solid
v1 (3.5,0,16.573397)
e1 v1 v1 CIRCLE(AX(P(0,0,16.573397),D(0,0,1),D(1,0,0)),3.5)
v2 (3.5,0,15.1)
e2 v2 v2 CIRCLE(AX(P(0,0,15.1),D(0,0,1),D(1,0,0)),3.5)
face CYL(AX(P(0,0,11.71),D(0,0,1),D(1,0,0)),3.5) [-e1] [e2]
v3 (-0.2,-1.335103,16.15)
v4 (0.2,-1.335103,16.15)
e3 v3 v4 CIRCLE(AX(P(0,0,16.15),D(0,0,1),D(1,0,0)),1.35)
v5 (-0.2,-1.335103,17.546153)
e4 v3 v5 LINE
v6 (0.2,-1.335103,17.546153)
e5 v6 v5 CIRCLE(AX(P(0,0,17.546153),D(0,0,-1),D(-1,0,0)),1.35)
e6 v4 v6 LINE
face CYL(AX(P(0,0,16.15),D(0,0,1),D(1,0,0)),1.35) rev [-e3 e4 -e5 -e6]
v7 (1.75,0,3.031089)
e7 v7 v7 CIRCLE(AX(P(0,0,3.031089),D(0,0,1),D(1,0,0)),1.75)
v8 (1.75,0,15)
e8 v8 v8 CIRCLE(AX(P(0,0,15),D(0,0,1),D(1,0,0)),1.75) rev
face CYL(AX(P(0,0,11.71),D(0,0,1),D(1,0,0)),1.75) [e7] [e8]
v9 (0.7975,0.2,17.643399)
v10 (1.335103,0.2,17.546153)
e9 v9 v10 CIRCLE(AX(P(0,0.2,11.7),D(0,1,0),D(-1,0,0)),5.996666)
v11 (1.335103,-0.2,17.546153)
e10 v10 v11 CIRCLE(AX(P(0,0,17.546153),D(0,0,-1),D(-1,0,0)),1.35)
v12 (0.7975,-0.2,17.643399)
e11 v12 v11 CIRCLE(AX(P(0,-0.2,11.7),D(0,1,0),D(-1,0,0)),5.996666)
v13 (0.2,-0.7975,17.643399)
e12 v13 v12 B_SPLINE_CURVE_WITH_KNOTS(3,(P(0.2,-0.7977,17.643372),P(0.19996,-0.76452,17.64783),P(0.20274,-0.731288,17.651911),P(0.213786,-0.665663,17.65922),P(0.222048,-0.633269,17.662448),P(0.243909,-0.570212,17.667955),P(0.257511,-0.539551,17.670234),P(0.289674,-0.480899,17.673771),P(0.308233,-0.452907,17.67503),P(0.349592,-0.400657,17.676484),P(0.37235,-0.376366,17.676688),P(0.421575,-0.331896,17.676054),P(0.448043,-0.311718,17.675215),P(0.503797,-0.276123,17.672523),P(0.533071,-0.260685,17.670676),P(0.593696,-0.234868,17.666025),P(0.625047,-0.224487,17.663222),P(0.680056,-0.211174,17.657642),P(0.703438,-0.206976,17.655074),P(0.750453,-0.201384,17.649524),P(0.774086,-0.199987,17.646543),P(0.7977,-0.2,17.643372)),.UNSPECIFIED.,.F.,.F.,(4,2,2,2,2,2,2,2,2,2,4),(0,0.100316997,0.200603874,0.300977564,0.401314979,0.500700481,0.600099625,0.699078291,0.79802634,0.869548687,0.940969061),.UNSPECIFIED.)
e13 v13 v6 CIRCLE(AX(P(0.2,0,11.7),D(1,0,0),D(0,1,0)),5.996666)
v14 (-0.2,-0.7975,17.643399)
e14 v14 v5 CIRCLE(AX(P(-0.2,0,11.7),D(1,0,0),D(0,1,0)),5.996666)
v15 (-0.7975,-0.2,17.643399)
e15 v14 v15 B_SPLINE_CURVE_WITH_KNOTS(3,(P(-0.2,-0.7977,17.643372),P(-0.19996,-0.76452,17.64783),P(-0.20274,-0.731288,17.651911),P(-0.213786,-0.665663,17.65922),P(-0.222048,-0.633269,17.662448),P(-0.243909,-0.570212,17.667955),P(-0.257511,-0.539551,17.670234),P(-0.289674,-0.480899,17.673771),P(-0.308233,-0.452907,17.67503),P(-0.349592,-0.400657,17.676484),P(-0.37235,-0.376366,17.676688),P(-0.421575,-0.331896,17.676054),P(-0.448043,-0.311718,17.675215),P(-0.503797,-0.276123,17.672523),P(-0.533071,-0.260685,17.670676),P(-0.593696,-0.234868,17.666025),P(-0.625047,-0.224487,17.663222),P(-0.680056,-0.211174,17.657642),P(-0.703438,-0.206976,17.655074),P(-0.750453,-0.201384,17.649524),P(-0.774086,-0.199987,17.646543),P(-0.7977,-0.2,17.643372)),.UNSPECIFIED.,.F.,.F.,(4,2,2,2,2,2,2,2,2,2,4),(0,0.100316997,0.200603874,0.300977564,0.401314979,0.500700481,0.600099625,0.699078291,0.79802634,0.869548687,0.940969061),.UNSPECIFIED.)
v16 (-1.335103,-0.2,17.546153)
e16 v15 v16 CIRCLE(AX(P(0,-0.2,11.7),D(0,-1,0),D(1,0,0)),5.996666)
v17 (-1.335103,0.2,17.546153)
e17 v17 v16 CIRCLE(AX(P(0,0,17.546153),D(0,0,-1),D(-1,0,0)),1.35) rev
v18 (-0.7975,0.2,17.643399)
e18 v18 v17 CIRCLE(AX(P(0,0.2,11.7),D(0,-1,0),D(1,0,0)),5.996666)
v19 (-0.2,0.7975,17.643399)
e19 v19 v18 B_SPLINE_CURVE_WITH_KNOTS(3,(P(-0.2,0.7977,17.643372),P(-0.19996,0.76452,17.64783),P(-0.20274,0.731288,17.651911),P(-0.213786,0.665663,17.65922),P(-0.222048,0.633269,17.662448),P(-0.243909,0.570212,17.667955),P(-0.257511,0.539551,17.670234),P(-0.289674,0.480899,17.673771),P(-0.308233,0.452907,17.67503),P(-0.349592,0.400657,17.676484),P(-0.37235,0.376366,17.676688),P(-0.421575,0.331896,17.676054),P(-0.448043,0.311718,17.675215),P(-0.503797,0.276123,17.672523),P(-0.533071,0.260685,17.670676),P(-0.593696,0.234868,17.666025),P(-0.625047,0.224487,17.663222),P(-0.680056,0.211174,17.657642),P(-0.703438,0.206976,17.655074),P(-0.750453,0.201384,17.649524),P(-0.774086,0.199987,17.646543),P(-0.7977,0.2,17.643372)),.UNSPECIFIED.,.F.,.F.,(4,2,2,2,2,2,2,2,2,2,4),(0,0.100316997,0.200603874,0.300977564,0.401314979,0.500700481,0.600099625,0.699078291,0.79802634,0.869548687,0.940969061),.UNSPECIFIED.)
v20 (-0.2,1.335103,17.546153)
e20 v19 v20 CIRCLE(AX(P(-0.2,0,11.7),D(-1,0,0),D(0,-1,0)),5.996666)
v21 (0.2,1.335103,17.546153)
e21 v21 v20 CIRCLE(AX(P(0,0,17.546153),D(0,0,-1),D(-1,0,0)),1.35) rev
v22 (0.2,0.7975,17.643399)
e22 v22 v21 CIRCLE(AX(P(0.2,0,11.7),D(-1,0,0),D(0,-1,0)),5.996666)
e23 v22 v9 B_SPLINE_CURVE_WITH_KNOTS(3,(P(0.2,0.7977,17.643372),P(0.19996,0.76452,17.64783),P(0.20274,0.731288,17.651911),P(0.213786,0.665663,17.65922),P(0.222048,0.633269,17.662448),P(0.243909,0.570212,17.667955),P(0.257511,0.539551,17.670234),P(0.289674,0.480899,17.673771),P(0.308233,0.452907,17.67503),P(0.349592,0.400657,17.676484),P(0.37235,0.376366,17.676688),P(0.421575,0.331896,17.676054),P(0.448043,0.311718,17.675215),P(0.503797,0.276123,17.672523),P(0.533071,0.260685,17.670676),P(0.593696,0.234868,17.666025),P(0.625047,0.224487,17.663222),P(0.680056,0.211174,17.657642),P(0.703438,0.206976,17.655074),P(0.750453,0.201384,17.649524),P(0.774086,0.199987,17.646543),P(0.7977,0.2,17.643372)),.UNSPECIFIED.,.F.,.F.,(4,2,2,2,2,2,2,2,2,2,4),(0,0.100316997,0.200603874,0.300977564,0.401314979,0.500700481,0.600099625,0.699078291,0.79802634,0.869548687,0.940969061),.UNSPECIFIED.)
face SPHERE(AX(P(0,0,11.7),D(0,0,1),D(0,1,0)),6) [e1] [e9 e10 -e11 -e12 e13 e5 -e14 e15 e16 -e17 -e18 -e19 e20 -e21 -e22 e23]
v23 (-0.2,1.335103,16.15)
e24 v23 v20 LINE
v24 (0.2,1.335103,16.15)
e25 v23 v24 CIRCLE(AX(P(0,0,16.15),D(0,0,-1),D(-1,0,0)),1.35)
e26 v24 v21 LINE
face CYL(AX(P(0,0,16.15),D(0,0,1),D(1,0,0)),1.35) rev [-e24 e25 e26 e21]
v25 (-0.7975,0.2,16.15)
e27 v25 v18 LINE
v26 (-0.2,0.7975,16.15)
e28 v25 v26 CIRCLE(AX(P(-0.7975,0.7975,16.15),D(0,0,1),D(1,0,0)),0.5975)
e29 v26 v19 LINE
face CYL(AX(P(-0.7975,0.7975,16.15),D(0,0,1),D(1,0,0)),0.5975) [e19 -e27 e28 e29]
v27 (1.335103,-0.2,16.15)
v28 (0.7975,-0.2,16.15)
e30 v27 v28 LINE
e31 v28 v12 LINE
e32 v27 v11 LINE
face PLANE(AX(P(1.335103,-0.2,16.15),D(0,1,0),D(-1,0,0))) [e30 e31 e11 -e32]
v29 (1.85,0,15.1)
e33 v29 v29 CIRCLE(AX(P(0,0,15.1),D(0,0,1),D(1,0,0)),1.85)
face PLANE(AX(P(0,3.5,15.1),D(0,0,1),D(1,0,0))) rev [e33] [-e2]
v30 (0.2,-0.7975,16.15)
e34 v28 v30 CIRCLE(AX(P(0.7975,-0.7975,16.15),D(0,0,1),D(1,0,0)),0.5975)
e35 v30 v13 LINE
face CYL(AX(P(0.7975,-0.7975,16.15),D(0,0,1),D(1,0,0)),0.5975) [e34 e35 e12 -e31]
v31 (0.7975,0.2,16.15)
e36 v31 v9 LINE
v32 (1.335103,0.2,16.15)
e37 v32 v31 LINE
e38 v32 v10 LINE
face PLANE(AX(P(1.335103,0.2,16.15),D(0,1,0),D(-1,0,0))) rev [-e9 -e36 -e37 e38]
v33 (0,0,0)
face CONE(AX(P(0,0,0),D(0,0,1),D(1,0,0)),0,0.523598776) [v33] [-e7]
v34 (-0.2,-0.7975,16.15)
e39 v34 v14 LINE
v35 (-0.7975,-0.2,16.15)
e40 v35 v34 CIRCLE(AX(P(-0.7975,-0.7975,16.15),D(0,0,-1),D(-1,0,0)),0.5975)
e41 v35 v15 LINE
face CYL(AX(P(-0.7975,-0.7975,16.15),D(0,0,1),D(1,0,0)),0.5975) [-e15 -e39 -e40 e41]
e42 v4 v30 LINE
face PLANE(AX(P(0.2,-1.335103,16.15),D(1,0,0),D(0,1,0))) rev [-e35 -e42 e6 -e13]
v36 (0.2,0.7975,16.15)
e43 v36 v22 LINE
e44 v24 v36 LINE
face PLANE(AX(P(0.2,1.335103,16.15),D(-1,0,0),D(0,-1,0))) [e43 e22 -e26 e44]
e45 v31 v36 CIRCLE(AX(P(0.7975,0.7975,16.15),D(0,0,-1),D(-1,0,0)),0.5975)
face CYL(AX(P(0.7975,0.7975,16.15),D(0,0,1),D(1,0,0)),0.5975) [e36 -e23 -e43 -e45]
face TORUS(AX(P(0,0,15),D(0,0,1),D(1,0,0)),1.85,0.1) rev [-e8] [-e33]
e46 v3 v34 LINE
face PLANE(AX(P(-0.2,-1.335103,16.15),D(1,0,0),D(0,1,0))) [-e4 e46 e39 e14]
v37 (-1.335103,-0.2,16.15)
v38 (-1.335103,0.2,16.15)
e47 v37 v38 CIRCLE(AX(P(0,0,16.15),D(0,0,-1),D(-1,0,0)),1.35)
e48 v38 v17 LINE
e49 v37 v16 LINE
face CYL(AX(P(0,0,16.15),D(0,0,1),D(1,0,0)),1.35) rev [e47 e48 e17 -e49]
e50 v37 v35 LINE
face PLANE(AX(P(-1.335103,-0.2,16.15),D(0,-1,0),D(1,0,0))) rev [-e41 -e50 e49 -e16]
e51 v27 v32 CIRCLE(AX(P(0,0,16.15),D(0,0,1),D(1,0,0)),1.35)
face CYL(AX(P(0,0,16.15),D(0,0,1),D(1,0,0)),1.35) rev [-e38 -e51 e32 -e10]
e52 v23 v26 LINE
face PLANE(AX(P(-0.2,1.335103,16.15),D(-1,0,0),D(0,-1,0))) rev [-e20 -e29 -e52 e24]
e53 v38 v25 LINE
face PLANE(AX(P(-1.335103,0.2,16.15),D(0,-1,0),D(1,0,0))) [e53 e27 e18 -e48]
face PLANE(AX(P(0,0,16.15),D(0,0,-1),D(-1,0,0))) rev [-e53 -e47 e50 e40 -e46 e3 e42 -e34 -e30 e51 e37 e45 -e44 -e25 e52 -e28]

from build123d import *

# Parameters (mm, degrees)
CUT_EXTRUDE_2_DEPTH = 1.55
FILLET_1_R          = 0.1


with BuildPart() as part:
    # 草图8 → Revolve 1380 (revolve)
    with BuildSketch(Plane(origin=(0, 0, 0), x_dir=(0, 0, -1), z_dir=(1, 0, 0)), mode=Mode.PRIVATE) as revolve_1380_sk:
        with BuildLine():
            Line((0, 0), (-17.7, 0))
            ThreePointArc((-17.7, 0), (-17.411408891, 1.838425545), (-16.573397172, 3.5))
            Line((-16.573397172, 3.5), (-15.1, 3.5))
            Line((-15.1, 3.5), (-15.1, 1.75))
            Line((-15.1, 1.75), (-3.031088913, 1.75))
            Line((-3.031088913, 1.75), (0, 0))
        make_face()
    revolve(revolve_1380_sk.sketch.rotate(Axis((0, 0, 11.71), (0, 0, -1)), 90), axis=Axis((0, 0, 11.71), (0, 0, -1)))

    # 草图7 → 切除-拉伸2 (cut)
    with BuildSketch(Plane.XY.offset(17.7)):
        with BuildLine():
            Line((0.2, 1.335102992), (0.2, 0.797500009))
            ThreePointArc((0.2, 0.797500009), (0.375003701, 0.375003701), (0.797500009, 0.2))
            Line((0.797500009, 0.2), (1.335102992, 0.2))
            ThreePointArc((1.335102992, 0.2), (1.35, 0), (1.335102992, -0.2))
            Line((1.335102992, -0.2), (0.797500009, -0.2))
            ThreePointArc((0.797500009, -0.2), (0.375003701, -0.375003701), (0.2, -0.797500009))
            Line((0.2, -0.797500009), (0.2, -1.335102992))
            ThreePointArc((0.2, -1.335102992), (0, -1.35), (-0.2, -1.335102992))
            Line((-0.2, -1.335102992), (-0.2, -0.797500009))
            ThreePointArc((-0.2, -0.797500009), (-0.375003701, -0.375003701), (-0.797500009, -0.2))
            Line((-0.797500009, -0.2), (-1.335102992, -0.2))
            ThreePointArc((-1.335102992, -0.2), (-1.35, 0), (-1.335102992, 0.2))
            Line((-1.335102992, 0.2), (-0.797500009, 0.2))
            ThreePointArc((-0.797500009, 0.2), (-0.375003701, 0.375003701), (-0.2, 0.797500009))
            Line((-0.2, 0.797500009), (-0.2, 1.335102992))
            ThreePointArc((-0.2, 1.335102992), (0, 1.35), (0.2, 1.335102992))
        make_face()
    extrude(amount=-CUT_EXTRUDE_2_DEPTH, mode=Mode.SUBTRACT)

    # 圆角1
    fillet_1_edges = [part.edges().sort_by_distance(p)[0] for p in [
        (-1.75, 0, 15.1),
    ]]
    fillet(fillet_1_edges, radius=FILLET_1_R)


solid = part.part
